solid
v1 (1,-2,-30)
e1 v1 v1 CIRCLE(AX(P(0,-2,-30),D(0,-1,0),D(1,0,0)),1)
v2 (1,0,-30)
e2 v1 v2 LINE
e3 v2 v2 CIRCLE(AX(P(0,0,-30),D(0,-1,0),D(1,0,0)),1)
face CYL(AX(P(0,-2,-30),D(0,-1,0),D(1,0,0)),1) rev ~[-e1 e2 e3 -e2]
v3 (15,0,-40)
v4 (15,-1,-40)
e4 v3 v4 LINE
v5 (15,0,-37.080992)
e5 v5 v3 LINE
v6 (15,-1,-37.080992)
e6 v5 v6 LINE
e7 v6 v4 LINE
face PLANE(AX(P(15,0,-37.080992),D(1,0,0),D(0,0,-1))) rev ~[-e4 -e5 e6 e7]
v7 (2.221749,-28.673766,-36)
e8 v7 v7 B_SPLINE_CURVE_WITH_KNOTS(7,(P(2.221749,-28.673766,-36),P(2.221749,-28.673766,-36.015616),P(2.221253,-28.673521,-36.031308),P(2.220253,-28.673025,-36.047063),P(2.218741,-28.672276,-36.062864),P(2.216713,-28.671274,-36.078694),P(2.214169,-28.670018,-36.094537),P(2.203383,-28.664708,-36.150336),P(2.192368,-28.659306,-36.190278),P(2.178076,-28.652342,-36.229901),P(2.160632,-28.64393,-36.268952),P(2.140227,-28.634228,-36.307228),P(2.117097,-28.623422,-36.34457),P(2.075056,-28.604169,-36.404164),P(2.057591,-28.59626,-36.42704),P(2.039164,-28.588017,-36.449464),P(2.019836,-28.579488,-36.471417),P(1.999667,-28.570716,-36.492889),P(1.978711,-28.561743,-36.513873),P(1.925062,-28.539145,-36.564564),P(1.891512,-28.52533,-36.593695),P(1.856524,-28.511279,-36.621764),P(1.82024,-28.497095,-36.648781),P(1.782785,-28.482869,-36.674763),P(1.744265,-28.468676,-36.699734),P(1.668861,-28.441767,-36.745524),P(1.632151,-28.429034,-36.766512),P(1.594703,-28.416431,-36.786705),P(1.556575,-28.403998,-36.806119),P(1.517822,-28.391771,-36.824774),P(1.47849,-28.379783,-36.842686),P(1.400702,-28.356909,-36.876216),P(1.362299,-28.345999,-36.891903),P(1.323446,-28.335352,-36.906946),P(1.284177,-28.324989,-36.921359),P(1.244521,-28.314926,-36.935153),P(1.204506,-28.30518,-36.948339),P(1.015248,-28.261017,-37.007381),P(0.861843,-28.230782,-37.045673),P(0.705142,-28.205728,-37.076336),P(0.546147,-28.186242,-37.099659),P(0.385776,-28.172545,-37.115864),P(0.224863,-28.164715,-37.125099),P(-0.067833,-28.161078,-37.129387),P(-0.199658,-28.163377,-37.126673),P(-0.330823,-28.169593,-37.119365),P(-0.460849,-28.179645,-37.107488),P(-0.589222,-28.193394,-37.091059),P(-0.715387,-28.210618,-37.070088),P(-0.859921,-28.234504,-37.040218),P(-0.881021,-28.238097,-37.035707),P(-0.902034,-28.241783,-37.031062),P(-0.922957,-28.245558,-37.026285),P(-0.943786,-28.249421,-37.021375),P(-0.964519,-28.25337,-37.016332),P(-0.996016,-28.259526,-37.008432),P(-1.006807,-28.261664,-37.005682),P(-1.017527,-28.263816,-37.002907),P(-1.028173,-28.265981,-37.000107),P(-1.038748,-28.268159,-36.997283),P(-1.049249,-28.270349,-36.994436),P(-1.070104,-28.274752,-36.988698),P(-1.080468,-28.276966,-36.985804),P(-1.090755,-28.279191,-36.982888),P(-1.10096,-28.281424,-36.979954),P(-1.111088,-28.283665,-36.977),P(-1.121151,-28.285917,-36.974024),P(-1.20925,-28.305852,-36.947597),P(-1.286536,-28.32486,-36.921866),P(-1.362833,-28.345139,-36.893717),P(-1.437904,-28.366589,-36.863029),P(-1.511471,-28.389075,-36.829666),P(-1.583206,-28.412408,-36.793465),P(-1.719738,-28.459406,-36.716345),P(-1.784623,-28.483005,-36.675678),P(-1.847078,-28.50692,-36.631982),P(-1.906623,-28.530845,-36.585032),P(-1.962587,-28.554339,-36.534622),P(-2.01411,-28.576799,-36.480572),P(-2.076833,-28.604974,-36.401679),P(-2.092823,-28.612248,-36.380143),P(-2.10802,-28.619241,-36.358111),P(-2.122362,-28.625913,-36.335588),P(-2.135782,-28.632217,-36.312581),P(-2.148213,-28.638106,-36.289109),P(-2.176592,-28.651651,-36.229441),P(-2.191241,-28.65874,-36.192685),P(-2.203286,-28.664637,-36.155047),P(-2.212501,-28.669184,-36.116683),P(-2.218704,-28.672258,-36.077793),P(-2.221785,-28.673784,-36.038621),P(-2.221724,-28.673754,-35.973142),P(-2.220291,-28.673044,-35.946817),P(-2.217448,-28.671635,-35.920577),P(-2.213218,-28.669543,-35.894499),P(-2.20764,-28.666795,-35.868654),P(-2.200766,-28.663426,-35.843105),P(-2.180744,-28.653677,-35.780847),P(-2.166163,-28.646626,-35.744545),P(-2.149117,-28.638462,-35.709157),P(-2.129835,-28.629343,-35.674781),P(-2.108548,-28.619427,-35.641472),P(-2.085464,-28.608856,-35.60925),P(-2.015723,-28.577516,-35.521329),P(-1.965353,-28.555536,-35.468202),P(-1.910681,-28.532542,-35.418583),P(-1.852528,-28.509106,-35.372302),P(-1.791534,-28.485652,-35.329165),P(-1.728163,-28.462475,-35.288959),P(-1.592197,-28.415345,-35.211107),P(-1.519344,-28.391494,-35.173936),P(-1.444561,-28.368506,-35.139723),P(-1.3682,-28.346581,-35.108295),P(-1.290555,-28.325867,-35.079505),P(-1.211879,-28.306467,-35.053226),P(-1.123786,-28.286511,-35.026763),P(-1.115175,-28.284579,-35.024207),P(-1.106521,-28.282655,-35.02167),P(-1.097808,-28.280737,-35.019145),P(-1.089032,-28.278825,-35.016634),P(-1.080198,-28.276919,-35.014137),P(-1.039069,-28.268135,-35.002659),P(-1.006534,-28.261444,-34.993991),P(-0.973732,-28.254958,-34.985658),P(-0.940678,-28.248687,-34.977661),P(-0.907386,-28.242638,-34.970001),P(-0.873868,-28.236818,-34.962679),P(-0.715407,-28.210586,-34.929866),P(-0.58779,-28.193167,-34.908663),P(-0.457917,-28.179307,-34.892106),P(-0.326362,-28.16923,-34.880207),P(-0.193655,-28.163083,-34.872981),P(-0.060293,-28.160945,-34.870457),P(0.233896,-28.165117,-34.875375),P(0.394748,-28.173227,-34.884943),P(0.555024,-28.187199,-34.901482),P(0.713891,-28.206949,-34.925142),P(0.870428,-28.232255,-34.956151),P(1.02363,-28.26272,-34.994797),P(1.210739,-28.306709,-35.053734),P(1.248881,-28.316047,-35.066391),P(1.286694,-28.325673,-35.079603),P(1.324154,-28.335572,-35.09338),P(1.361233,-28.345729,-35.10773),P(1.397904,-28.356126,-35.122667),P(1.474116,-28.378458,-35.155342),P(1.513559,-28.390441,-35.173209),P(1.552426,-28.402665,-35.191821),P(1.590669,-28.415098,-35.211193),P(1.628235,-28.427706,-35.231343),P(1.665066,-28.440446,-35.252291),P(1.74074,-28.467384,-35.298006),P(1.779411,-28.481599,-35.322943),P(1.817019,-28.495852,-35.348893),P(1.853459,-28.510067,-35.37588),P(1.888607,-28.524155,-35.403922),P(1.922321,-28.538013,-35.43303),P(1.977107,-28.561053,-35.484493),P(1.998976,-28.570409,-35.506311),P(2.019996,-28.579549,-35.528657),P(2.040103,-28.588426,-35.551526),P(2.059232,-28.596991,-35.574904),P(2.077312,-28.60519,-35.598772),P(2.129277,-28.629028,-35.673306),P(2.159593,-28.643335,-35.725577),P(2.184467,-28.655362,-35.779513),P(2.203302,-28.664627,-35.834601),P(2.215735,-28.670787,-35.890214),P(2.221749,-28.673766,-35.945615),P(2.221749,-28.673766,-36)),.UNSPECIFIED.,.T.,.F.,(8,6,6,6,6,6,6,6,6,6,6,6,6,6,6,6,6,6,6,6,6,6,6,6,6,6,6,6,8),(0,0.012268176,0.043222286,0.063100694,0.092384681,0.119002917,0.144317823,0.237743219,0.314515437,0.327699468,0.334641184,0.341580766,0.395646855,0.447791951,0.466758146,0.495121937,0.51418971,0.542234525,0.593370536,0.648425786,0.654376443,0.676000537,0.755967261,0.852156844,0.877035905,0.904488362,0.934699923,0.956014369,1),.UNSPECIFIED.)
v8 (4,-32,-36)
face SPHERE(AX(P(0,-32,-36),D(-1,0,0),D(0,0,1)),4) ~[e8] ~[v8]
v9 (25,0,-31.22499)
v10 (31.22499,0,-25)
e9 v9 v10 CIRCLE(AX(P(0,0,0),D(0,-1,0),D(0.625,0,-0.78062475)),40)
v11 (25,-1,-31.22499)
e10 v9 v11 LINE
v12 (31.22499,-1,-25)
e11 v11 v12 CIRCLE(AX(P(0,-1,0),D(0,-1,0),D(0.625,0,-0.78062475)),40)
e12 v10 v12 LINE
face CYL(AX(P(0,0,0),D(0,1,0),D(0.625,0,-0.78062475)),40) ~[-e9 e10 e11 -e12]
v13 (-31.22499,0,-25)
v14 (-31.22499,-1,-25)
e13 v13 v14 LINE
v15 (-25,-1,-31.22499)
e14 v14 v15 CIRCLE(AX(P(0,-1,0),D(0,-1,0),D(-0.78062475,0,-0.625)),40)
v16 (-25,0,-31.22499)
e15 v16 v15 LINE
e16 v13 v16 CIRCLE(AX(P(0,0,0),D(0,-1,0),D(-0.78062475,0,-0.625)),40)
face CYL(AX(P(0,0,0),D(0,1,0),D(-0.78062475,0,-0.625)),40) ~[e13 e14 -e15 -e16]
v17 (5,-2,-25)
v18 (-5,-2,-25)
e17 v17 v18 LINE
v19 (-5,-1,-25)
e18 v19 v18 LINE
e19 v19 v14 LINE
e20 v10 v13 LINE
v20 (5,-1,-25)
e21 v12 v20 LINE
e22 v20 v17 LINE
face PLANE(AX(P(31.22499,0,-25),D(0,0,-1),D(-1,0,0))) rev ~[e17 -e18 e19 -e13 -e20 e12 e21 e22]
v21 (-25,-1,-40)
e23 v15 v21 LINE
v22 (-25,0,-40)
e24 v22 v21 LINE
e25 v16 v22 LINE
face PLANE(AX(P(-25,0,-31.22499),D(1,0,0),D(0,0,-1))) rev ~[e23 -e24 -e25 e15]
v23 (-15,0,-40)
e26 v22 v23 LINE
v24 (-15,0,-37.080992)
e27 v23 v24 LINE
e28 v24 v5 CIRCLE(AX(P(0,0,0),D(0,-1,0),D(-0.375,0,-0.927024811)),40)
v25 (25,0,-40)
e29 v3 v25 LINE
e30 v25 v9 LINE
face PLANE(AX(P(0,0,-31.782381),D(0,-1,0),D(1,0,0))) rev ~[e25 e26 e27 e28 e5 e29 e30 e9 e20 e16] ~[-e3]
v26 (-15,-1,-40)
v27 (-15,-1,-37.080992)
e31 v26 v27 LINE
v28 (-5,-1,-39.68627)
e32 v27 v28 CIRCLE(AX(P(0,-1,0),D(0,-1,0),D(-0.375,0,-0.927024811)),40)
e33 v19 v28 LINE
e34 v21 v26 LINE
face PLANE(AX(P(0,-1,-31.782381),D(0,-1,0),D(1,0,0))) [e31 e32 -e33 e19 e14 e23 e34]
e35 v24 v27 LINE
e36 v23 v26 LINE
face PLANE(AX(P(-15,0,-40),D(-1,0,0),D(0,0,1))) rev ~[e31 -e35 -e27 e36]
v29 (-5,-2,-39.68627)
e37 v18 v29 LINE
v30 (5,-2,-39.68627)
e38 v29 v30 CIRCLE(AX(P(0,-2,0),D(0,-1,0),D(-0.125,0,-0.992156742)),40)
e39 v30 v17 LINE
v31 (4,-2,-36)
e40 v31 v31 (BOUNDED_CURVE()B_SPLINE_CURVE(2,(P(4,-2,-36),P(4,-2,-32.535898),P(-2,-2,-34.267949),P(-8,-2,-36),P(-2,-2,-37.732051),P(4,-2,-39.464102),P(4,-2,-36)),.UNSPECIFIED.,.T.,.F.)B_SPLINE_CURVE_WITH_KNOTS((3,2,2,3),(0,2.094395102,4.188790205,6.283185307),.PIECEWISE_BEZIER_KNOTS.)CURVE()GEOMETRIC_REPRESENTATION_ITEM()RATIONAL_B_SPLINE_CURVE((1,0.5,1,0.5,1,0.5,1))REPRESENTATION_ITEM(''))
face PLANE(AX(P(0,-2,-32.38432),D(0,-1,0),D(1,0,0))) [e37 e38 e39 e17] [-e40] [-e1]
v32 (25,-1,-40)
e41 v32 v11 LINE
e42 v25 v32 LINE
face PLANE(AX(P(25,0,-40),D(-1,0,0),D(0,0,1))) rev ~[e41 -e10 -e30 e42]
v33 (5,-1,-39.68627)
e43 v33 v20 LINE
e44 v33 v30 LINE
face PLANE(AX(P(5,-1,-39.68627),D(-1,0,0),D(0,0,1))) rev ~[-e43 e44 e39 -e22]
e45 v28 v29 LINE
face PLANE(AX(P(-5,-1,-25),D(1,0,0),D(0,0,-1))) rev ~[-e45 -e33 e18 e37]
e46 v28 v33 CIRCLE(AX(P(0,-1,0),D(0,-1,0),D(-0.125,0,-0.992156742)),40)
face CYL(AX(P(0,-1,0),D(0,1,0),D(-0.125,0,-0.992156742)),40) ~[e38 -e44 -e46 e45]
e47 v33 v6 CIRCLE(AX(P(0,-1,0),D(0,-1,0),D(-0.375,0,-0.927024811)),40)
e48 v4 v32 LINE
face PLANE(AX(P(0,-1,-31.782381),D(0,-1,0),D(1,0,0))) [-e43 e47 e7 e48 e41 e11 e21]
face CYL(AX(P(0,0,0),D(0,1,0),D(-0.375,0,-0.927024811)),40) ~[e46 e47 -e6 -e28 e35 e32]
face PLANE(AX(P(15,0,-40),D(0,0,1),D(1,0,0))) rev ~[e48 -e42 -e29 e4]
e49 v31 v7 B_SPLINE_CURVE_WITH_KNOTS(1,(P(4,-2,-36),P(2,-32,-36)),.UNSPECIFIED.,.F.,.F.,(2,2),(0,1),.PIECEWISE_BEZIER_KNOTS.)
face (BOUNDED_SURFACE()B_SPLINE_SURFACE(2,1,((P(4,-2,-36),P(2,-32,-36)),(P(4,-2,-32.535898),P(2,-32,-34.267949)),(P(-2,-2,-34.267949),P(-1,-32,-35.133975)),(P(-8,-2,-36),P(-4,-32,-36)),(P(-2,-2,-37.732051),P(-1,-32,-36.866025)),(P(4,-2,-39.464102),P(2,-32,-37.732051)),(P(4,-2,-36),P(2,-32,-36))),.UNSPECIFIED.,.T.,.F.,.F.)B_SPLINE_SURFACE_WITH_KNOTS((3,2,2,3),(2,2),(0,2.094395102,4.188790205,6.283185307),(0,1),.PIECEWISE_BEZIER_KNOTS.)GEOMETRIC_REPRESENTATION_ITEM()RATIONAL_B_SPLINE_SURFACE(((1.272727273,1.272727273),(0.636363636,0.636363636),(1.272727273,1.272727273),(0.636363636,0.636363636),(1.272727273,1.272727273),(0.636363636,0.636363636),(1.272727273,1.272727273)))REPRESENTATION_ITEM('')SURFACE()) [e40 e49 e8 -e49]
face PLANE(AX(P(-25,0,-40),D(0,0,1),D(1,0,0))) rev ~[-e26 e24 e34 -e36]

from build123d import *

# Parameters (mm, degrees)
F1_DEPTH  = 1
F3_DEPTH  = 1
F10_R     = 1
F11_DEPTH = 25


with BuildPart() as f1:
    # F0 (on Front) → F1 (new body)
    with BuildSketch(Plane.XZ):
        with BuildLine():
            Line((0, -25), (-31.224989992, -25))
            ThreePointArc((-31.224989992, -25), (-28.2842712475, -28.2842712475), (-25, -31.224989992))
            Line((-25, -31.224989992), (-25, -40))
            Line((-25, -40), (-15, -40))
            Line((-15, -40), (-15, -37.0809924355))
            ThreePointArc((-15, -37.0809924355), (0, -40), (15, -37.0809924355))
            Line((15, -37.0809924355), (15, -40))
            Line((15, -40), (25, -40))
            Line((25, -40), (25, -31.224989992))
            ThreePointArc((25, -31.224989992), (28.2842712475, -28.2842712475), (31.224989992, -25))
            Line((31.224989992, -25), (0, -25))
        make_face()
    extrude(amount=F1_DEPTH)

    # F2 (on face) → F3 (join)
    with BuildSketch(Plane.XZ.offset(1)):
        with BuildLine():
            Line((5, -25), (0, -25))
            Line((0, -25), (-5, -25))
            Line((-5, -25), (-5, -39.686269666))
            ThreePointArc((-5, -39.686269666), (0, -40), (5, -39.686269666))
            Line((5, -39.686269666), (5, -25))
        make_face()
    extrude(amount=F3_DEPTH)

    # F4 (on face) → F7 section 0
    with BuildSketch(Plane.XZ.offset(2)):
        with BuildLine():
            add(Edge.make_bspline(
                [(4, -36), (4, -32.5358983849), (-2, -34.2679491924), (-8, -36), (-2, -37.7320508076), (4, -39.4641016151), (4, -36)],
                knots=[0, 0, 0, 2.0943951024, 2.0943951024, 4.1887902048, 4.1887902048, 6.2831853072, 6.2831853072, 6.2831853072], degree=2, weights=[1, 0.5, 1, 0.5, 1, 0.5, 1]))
        make_face()
    # F6 (on offset) → F7 section 1
    with BuildSketch(Plane.XZ.offset(32)):
        with BuildLine():
            add(Edge.make_bspline(
                [(2, -36), (2, -34.2679491924), (-1, -35.1339745962), (-4, -36), (-1, -36.8660254038), (2, -37.7320508076), (2, -36)],
                knots=[0, 0, 0, 2.0943951024, 2.0943951024, 4.1887902048, 4.1887902048, 6.2831853072, 6.2831853072, 6.2831853072], degree=2, weights=[1, 0.5, 1, 0.5, 1, 0.5, 1]))
        make_face()
    loft()

    # F8 (on face) → F9 (revolve)
    with BuildSketch(Plane.XZ.offset(32)):
        with BuildLine():
            Line((-4, -36), (4, -36))
            ThreePointArc((4, -36), (0, -32), (-4, -36))
        make_face()
    revolve(axis=Axis((0, -32, -36), (1, 0, 0)))

    # F10 (on face) → F11 (cut)
    with BuildSketch(Plane.XZ.offset(2)):
        with Locations((0, -30)):
            Circle(F10_R)
    extrude(amount=-F11_DEPTH, mode=Mode.SUBTRACT)


solid = f1.part
